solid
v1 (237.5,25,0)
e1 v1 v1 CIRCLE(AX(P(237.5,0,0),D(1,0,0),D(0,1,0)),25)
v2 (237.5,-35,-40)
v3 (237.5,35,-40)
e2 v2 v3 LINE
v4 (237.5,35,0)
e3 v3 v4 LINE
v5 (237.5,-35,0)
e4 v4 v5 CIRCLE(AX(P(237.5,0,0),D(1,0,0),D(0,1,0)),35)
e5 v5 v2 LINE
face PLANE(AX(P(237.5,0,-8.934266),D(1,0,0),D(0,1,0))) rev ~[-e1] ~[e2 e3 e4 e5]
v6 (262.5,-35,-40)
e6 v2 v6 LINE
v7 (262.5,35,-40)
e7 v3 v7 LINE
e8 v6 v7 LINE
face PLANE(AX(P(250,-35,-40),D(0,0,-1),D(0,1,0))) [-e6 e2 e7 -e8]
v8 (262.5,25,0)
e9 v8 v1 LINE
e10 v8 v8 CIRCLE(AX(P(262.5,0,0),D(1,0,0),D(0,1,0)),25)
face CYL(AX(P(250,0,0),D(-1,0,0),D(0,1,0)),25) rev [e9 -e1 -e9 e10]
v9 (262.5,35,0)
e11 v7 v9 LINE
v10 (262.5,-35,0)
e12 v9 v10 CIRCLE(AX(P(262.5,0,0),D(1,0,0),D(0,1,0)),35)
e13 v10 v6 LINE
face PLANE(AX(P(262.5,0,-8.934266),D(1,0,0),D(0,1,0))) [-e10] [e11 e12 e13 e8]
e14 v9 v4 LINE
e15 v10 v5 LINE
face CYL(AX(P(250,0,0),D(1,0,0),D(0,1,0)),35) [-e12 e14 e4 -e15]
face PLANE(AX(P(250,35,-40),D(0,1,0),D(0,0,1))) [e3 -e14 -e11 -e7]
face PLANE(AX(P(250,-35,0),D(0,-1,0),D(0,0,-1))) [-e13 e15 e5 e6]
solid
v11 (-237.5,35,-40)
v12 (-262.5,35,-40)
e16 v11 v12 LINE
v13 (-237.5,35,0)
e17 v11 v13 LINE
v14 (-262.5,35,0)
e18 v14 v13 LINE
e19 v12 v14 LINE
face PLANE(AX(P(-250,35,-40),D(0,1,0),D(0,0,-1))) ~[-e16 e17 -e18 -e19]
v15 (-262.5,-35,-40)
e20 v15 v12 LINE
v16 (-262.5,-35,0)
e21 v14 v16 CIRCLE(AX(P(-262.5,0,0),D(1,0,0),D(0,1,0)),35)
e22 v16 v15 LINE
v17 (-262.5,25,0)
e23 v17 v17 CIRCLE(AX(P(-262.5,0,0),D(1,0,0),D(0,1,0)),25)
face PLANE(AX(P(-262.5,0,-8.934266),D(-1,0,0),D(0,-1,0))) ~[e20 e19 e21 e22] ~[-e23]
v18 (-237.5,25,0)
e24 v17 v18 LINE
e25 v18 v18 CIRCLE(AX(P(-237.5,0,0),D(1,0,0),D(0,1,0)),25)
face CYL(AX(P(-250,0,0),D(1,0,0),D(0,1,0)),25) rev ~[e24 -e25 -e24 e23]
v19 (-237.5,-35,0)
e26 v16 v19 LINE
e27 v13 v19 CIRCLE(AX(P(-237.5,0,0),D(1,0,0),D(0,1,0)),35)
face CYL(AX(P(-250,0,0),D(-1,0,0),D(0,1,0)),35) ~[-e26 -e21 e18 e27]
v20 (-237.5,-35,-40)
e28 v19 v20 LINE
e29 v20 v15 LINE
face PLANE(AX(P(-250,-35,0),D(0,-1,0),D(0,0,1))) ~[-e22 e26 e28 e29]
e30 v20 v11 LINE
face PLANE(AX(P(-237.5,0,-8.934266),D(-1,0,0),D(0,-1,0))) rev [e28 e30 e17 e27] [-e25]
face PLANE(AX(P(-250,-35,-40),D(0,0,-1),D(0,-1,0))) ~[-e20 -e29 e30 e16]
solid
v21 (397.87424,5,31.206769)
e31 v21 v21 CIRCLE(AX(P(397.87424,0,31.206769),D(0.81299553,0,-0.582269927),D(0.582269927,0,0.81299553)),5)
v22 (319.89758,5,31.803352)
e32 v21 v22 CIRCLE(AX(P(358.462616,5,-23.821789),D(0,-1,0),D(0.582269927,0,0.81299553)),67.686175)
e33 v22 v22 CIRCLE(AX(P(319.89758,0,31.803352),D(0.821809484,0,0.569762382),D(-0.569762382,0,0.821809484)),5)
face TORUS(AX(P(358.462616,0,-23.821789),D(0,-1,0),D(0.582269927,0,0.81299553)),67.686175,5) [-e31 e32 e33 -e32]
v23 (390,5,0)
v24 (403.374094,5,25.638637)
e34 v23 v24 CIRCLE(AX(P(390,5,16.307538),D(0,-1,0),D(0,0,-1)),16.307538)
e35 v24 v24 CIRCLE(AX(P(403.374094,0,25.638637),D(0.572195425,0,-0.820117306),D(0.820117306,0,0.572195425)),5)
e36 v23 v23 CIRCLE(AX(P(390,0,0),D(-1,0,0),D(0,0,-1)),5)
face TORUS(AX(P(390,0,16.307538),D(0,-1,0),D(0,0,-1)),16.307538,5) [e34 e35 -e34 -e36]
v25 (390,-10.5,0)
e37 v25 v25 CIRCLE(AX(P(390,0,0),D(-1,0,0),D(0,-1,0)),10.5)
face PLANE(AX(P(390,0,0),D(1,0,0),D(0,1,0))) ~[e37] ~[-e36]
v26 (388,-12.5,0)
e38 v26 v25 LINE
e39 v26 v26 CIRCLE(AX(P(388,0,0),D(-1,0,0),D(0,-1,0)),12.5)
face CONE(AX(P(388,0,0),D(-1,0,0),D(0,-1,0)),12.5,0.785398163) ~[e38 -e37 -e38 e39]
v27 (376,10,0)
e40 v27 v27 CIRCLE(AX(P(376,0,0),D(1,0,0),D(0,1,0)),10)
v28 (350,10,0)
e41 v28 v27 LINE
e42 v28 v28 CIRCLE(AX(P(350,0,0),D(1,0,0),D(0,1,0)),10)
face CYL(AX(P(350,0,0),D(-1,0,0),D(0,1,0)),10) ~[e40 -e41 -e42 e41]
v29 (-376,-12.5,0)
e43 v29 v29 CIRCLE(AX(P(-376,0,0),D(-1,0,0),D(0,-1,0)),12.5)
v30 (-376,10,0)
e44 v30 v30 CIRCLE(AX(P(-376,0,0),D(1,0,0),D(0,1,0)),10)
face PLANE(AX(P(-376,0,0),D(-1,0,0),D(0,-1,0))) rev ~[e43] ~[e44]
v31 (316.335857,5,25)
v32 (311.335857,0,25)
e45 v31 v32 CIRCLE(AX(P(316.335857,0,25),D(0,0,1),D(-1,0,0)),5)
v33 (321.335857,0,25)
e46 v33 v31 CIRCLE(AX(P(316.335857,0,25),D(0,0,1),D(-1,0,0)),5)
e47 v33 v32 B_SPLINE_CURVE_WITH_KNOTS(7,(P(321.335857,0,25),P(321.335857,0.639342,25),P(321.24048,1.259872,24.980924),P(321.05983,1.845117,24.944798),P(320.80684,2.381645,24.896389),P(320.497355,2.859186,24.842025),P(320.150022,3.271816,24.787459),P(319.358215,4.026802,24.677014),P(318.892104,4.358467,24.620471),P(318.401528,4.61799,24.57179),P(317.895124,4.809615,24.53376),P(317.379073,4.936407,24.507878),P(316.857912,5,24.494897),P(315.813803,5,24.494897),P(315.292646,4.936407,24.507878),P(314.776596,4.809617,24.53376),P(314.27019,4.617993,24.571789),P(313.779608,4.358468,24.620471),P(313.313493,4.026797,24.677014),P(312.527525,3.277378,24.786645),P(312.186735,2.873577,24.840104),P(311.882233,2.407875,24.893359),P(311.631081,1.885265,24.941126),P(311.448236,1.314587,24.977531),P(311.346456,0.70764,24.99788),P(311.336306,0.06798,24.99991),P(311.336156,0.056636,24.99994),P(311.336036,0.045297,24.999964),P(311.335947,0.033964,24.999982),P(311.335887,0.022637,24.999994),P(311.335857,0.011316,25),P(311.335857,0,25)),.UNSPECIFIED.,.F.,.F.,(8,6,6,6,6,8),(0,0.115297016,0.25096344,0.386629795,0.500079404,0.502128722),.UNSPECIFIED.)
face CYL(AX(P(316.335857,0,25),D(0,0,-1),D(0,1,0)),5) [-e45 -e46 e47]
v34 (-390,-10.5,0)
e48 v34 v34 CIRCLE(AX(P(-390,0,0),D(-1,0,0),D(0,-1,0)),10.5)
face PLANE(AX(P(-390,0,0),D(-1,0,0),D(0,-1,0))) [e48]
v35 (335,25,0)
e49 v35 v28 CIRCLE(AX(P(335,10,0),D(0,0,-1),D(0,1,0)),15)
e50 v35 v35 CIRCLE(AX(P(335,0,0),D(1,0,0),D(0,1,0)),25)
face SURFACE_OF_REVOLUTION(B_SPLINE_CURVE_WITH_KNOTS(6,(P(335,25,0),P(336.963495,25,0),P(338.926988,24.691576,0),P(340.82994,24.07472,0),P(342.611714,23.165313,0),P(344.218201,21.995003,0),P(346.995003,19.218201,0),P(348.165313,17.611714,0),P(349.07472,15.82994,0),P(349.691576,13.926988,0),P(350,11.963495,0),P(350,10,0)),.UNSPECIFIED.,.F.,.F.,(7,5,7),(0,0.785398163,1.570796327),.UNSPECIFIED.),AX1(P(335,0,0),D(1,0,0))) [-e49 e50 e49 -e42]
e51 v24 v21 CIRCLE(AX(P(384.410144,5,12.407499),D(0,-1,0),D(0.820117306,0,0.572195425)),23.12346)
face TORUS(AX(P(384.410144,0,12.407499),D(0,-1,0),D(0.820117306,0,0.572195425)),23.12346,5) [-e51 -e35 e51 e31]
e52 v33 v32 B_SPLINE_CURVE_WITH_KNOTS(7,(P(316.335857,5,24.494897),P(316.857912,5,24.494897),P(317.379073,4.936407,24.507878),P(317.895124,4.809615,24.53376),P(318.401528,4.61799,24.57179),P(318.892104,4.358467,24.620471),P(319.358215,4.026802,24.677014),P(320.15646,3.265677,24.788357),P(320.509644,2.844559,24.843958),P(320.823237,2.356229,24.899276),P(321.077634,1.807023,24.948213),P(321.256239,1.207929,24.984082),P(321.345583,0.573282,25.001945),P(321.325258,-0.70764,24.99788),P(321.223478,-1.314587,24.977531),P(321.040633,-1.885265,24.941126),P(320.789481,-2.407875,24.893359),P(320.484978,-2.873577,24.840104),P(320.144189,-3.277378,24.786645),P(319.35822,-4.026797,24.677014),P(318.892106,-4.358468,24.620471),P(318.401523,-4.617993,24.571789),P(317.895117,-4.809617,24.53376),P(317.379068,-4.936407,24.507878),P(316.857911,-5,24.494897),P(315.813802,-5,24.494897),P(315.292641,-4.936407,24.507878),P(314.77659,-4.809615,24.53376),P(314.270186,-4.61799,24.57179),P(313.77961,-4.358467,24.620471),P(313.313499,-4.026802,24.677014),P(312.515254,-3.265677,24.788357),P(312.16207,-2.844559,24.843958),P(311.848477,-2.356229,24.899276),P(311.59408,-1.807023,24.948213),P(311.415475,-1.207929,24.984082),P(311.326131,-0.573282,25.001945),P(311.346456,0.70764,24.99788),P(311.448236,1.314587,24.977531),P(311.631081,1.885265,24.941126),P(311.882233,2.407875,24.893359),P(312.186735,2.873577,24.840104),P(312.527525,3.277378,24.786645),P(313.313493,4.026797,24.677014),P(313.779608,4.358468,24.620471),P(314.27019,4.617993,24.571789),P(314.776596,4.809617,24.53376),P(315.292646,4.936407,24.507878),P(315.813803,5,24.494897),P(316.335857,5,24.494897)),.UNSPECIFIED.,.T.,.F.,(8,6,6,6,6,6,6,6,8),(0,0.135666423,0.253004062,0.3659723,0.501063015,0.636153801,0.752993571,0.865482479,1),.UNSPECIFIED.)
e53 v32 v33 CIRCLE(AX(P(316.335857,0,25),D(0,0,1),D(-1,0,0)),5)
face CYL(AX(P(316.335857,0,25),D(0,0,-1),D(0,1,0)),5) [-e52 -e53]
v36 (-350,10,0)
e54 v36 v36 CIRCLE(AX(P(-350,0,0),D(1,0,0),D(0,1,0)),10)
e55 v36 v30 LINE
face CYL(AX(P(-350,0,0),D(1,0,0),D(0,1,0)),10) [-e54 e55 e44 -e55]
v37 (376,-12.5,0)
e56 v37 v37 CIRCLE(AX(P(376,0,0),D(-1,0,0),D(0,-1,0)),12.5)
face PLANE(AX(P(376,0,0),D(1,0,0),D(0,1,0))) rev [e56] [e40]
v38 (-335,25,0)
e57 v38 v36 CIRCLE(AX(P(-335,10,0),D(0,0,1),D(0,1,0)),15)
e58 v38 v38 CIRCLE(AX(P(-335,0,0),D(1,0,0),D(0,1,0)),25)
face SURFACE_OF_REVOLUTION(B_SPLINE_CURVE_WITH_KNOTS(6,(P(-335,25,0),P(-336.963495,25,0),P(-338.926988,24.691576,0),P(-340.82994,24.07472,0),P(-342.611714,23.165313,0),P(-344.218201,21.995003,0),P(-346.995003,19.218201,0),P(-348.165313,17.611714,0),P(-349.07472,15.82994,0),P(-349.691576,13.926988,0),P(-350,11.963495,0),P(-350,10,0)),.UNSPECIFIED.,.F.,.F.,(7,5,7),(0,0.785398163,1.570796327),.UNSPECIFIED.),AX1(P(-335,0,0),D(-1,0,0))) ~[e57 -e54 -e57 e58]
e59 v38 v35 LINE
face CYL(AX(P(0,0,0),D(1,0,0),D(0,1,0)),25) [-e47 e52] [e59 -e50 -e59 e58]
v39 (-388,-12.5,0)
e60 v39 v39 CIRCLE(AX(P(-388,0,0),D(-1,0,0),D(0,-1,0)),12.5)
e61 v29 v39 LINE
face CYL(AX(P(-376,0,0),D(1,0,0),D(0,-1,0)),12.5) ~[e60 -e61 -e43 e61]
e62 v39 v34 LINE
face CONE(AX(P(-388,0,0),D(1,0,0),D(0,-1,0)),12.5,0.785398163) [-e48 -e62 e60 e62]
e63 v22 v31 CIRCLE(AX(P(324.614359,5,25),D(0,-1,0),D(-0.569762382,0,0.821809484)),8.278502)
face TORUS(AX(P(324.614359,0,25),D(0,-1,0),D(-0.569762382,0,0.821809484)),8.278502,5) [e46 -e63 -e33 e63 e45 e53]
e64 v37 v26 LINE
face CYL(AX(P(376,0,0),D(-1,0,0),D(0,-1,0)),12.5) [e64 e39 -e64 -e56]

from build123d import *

# Parameters (mm, degrees)
F0_R      = 25
F1_DEPTH  = 350
F2_R      = 15
F3_DEPTH  = 26
F4_R      = 12.5
F5_DEPTH  = 14
F8_R      = 5
F10_SIZE  = 2
F12_R     = 25
F13_DEPTH = 12.5


with BuildPart() as f1:
    # F0 (on Right) → F1 (new body, symmetric)
    with BuildSketch(Plane.YZ):
        Circle(F0_R)
    extrude(amount=F1_DEPTH, both=True)

    # F2
    f2_edges = [f1.edges().sort_by_distance(p)[0] for p in [
        (-350, -25, 0),
        (350, -25, 0),
    ]]
    fillet(f2_edges, radius=F2_R)


with BuildPart() as f3:
    # F3 (new): a face of the model
    f3_faces = [f1.part.faces().sort_by_distance(p)[0] for p in [
        (-350, 0, 0),
    ]]
    extrude(f3_faces, amount=F3_DEPTH)

    # F4 (on face) → F5 (join)
    with BuildSketch(Plane(origin=(-376, 0, 0), x_dir=(0, -1, 0), z_dir=(-1, 0, 0))):
        Circle(F4_R)
    extrude(amount=F5_DEPTH)


with BuildPart() as f1_1:
    add(f1.part)

    # F6: F3 across plane
    add(f3.part.mirror(Plane.YZ))

    add(f3.part)  # F9 merges F3
    # F9: sweep along a path in F7
    with BuildLine(Plane.XZ) as f9_path:
        ThreePointArc((390, 0), (404.4586143035, 8.7653716807), (403.3740943516, 25.6386370656))
        ThreePointArc((403.3740943516, 25.6386370656), (400.8614530359, 28.6570791704), (397.8742399187, 31.2067687426))
        ThreePointArc((397.8742399187, 31.2067687426), (358.9804533336, 43.8624050182), (319.8975799307, 31.8033515292))
        ThreePointArc((319.8975799307, 31.8033515292), (317.2801425407, 28.8396439573), (316.3358569145, 25))
        Line((316.3358569145, 25), (316.3358569145, 15.1982838288))
    # F8 (on face) → F9 (sweep)
    with BuildSketch(Plane.YZ.offset(390)):
        Circle(F8_R)
    sweep(path=f9_path.line)

    # F10
    f10_edges = [f1_1.edges().sort_by_distance(p)[0] for p in [
        (-390, 12.5, 0),
        (390, 12.5, 0),
    ]]
    chamfer(f10_edges, length=F10_SIZE)


with BuildPart() as f13:
    # F12 (on offset) → F13 (new body, symmetric)
    with BuildSketch(Plane.YZ.offset(250)):
        with BuildLine():
            Line((-35, 0), (-35, -40))
            Line((-35, -40), (35, -40))
            Line((35, -40), (35, 0))
            ThreePointArc((35, 0), (0, 35), (-35, 0))
        make_face()
        Circle(F12_R, mode=Mode.SUBTRACT)
    extrude(amount=F13_DEPTH, both=True)


with BuildPart() as f14_1:
    # F14: instance of F13
    add(f13.part.mirror(Plane.YZ))


solid = Compound([f1_1.part, f13.part, f14_1.part])
